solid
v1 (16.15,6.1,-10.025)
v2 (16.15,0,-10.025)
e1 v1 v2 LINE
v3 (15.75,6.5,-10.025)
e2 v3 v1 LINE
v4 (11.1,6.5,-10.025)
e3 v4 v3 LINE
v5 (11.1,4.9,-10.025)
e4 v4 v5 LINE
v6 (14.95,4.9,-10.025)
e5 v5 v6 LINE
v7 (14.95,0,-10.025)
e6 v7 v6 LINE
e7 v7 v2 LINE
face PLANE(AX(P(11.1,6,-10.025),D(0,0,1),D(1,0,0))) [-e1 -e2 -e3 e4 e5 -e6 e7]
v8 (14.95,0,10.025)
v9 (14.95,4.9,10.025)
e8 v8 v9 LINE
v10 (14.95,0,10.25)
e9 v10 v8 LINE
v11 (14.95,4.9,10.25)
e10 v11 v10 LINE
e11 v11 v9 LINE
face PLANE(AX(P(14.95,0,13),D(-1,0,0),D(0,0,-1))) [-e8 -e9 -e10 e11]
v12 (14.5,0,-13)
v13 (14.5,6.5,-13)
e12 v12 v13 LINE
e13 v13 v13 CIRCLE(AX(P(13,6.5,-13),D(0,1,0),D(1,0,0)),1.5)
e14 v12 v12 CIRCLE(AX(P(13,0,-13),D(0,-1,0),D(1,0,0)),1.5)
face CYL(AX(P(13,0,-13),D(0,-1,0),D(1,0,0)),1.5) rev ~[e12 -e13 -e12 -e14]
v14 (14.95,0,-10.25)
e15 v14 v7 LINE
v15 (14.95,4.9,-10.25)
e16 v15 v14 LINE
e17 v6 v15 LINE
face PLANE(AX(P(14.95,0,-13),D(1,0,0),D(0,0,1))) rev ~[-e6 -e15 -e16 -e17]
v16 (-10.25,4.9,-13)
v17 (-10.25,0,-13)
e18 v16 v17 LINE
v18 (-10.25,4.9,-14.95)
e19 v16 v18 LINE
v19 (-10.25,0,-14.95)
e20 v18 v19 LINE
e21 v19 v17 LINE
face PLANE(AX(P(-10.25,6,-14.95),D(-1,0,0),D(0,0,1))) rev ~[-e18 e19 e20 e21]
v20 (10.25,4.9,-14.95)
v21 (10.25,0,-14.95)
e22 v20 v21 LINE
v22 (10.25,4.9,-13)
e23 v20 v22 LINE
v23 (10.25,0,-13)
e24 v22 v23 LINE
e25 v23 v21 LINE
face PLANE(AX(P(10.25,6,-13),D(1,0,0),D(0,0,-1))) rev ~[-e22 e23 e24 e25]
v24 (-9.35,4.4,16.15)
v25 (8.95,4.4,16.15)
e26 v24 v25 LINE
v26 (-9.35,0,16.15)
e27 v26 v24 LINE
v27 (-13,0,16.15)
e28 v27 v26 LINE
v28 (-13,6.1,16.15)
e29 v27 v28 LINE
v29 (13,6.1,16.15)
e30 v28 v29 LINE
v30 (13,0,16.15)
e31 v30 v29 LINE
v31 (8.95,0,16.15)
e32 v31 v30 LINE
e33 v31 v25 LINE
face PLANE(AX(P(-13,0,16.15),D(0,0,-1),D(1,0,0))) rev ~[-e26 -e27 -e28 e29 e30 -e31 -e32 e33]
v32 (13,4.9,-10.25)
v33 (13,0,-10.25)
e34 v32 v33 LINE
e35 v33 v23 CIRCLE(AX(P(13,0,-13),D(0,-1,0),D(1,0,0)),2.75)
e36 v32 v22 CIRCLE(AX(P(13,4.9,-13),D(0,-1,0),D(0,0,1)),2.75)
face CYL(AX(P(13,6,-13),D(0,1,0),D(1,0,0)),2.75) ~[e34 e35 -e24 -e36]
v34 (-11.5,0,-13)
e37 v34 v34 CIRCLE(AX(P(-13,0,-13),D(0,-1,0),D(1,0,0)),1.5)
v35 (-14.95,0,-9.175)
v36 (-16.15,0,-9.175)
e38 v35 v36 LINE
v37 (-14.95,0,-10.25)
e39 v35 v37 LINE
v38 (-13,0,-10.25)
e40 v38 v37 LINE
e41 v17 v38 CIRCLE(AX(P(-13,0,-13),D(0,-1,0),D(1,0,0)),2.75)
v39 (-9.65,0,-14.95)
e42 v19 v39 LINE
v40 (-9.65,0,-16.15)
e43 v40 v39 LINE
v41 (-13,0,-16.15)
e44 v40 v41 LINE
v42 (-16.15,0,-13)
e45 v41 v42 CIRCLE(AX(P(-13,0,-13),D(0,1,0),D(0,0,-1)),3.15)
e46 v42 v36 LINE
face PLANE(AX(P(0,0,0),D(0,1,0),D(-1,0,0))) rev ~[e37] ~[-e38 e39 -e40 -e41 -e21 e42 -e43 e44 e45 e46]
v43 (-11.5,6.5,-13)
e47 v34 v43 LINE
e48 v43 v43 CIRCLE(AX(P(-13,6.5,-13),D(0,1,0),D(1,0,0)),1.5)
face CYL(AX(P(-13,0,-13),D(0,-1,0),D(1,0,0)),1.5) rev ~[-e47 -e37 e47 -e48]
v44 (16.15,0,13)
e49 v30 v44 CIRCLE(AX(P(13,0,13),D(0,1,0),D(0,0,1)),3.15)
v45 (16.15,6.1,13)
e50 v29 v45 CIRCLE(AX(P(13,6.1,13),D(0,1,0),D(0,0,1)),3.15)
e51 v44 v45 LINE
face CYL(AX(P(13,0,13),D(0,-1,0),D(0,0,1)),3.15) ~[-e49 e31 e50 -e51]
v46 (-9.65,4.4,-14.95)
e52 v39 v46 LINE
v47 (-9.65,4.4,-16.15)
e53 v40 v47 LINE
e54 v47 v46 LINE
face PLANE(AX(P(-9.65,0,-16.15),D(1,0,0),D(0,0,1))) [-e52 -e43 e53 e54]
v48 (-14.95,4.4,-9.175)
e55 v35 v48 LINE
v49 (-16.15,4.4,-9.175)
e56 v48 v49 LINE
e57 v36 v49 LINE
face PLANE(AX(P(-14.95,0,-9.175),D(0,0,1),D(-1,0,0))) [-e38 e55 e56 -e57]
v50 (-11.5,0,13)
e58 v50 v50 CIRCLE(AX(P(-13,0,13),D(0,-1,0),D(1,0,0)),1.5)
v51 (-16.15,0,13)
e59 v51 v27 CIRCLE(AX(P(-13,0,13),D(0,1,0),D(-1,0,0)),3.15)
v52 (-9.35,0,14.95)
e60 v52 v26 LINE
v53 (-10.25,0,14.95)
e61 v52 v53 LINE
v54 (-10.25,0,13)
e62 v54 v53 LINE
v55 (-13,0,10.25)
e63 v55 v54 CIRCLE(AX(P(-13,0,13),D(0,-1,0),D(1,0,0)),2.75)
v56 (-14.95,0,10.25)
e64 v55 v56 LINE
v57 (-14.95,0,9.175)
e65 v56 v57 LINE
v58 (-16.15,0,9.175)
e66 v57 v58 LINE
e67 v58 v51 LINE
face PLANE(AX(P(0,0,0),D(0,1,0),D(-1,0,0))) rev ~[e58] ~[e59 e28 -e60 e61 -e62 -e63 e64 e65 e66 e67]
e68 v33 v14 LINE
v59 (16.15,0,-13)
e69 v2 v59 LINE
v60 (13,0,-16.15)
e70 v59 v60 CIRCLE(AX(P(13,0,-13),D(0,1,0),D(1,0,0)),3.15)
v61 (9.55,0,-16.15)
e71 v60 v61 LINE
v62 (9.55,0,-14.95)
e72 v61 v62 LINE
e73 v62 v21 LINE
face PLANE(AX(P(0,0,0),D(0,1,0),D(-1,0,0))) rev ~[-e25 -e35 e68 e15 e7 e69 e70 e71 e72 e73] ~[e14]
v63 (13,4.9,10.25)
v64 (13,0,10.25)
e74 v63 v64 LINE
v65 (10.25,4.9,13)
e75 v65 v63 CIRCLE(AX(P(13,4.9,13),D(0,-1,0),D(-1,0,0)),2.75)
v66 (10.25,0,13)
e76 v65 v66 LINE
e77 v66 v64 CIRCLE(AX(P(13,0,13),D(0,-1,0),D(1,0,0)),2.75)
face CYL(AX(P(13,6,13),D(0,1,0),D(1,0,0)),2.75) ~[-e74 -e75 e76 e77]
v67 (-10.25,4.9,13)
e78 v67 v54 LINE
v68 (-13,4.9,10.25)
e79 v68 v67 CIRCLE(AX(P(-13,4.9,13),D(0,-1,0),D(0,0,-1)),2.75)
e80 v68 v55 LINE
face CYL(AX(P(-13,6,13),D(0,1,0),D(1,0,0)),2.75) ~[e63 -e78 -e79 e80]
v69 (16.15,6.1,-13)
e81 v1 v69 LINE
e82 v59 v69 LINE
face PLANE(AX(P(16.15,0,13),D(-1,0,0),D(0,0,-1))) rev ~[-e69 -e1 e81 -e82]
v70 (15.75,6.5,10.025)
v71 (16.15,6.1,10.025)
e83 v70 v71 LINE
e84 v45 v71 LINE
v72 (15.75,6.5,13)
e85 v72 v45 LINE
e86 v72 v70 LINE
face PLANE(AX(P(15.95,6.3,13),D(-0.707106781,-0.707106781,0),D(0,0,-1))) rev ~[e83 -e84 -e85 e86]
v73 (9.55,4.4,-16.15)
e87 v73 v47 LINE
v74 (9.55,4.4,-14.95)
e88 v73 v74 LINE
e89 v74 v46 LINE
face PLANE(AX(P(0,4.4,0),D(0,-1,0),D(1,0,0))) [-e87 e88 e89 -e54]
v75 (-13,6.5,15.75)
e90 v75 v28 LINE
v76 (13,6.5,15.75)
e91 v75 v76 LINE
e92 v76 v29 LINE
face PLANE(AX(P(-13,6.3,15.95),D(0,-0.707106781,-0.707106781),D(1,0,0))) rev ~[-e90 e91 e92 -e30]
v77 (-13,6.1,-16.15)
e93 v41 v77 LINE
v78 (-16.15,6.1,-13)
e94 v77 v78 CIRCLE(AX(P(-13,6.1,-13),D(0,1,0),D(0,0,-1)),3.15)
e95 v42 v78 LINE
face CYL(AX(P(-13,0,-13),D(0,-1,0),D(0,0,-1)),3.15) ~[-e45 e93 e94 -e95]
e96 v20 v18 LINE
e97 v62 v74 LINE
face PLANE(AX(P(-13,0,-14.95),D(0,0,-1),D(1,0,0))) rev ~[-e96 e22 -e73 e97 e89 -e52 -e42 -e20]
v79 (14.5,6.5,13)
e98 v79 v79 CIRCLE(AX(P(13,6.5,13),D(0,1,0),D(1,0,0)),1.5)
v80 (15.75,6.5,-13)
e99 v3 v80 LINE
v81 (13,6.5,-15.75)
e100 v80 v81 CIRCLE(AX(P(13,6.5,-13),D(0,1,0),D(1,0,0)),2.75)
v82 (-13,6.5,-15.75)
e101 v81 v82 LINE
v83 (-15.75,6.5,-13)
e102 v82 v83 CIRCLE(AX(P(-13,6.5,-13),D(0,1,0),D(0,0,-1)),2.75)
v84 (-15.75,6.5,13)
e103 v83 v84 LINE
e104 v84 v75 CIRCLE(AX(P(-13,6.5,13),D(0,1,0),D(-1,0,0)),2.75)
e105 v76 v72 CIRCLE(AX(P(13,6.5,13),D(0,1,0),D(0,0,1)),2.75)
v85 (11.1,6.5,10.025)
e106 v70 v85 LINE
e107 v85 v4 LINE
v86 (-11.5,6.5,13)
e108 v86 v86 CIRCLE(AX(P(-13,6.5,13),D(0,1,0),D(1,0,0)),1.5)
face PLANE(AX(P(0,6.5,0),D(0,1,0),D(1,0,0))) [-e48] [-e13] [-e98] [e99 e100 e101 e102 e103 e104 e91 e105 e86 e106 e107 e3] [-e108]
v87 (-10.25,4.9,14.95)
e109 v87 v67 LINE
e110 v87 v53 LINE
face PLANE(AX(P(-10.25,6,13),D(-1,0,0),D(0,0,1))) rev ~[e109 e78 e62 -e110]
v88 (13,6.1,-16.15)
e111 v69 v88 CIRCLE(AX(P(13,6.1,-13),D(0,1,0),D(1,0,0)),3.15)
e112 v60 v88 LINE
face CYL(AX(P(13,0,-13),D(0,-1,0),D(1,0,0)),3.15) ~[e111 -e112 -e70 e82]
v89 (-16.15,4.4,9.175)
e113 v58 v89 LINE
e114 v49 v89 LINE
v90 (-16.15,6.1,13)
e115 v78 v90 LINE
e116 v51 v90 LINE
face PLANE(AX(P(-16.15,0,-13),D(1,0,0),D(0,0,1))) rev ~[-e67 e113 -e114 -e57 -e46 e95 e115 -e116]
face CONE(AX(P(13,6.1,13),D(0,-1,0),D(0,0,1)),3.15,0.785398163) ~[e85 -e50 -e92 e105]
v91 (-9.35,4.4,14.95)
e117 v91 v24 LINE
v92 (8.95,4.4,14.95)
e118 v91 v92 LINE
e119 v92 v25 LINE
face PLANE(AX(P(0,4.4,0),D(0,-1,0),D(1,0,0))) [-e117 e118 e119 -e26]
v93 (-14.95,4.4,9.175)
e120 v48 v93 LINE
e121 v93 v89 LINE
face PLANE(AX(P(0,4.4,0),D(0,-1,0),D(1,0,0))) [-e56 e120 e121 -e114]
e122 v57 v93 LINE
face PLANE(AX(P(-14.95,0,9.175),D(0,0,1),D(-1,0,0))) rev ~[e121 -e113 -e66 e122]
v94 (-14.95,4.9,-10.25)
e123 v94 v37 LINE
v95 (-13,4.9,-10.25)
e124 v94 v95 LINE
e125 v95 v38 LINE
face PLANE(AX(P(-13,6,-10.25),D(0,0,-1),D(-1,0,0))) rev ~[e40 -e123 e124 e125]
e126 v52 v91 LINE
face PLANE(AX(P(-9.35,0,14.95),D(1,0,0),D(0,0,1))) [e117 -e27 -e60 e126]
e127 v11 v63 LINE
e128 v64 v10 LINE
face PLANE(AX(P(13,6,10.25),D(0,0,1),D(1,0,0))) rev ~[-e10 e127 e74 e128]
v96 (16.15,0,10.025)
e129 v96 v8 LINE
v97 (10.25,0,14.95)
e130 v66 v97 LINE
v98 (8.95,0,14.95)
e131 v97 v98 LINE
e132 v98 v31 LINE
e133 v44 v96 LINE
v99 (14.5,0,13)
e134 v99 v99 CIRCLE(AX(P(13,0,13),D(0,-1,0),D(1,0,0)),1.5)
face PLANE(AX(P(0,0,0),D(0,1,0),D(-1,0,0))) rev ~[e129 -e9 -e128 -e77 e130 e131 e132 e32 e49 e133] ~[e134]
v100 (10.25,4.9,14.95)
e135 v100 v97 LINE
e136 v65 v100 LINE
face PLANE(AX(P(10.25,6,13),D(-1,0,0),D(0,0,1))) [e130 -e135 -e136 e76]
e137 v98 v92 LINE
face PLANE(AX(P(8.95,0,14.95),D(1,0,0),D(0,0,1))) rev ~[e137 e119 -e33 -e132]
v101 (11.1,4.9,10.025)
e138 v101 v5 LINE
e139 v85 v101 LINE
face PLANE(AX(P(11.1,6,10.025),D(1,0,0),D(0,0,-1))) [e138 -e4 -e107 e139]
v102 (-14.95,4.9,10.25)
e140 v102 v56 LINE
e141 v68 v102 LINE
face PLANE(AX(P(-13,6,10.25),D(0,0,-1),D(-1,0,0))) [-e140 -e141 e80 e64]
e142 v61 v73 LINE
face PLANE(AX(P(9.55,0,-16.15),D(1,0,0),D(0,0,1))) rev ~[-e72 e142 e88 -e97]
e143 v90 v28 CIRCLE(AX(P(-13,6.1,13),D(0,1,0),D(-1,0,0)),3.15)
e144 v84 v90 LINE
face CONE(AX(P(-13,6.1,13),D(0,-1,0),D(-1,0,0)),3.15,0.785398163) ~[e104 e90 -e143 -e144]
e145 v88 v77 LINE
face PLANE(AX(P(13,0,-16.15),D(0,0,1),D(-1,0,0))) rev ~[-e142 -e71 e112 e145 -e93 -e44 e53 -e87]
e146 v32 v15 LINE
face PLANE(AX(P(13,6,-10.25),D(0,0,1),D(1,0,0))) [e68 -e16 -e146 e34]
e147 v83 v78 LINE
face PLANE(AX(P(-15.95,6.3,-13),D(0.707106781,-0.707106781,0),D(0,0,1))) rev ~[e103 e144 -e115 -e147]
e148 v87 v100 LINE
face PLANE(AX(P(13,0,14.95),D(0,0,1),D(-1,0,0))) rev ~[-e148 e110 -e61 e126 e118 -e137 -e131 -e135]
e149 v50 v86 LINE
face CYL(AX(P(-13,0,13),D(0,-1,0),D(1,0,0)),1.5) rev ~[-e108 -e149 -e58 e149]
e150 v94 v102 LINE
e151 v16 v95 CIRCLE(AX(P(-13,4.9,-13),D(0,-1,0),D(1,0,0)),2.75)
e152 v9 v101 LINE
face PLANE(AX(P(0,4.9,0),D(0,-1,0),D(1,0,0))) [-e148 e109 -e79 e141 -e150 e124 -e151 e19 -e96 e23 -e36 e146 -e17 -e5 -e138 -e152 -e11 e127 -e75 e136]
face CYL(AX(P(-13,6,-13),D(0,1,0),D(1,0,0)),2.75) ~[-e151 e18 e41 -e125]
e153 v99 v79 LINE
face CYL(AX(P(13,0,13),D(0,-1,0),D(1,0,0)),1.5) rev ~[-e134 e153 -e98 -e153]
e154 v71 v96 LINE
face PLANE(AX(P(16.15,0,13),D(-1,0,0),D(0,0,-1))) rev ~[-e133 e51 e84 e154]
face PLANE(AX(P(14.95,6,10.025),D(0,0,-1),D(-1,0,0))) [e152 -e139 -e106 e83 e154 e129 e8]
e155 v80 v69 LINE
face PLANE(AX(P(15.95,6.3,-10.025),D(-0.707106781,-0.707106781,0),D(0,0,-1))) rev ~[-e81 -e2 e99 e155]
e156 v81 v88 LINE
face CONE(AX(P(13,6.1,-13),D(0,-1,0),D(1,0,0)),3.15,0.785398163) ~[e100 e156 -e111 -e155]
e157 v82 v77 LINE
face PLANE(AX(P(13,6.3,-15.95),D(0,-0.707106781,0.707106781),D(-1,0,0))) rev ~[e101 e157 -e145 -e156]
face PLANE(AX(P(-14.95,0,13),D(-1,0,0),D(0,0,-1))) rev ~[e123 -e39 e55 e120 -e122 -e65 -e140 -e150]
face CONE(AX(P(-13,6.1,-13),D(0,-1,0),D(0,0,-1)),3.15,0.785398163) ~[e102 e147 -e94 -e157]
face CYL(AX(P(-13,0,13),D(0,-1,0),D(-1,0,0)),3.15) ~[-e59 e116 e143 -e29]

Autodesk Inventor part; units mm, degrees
ref_plane "YZ Plane" through (0, 0, 0) normal (1, 0, 0) x (0, 1, 0)
ref_plane "XZ Plane" through (0, 0, 0) normal (0, 1, 0) x (-1, 0, 0)
ref_plane "XY Plane" through (0, 0, 0) normal (0, 0, 1) x (1, 0, 0)
sketch "Sketch1" plane through (0, 0, 0) normal (0, 1, 0) x (-1, 0, 0)
  line L0 (16.15, 16.15) -> (-16.15, 16.15)
  line L1 (-16.15, 16.15) -> (-16.15, -16.15)
  line L2 (-16.15, -16.15) -> (16.15, -16.15)
  line L3 (16.15, -16.15) -> (16.15, 16.15)
  line L4 (16.15, 16.15) -> (-16.15, -16.15) construction
  line L5 (-16.15, 16.15) -> (16.15, -16.15) construction
  arc A0 (16.15, 13) -> (13, 16.15) centre (13, 13) ccw
  arc A1 (-13, 16.15) -> (-16.15, 13) centre (-13, 13) ccw
  arc A2 (-16.15, -13) -> (-13, -16.15) centre (-13, -13) ccw
  arc A3 (13, -16.15) -> (16.15, -13) centre (13, -13) ccw
  point P0 (0, 0)
  point P1 (13, -16.15)
  point P2 (16.15, -13)
  point P3 (-13, 16.15)
  point P4 (-16.15, 13)
  point P5 (-16.15, -13)
  point P6 (-13, -16.15)
  dimension "d0" = 32.3
  dimension "d1" = 3.15
  dimension "d4" = 360
extrude "Extrusion1" add sketch "Sketch1" along normal blind 7 contours A0 L3 A3 L2 A2 L1 A1 L0
sketch "Sketch2" plane through (0, 7, 0) normal (0, 1, 0) x (1, 0, 0)
  line L0 (-16.15, 13) -> (-16.15, -13) projected
  arc A0 (-16.15, -13) -> (-13, -16.15) centre (-13, -13) ccw projected
  line L1 (-13, -16.15) -> (13, -16.15) projected
  arc A1 (13, -16.15) -> (16.15, -13) centre (13, -13) ccw projected
  line L2 (16.15, -13) -> (16.15, 13) projected
  arc A2 (16.15, 13) -> (13, 16.15) centre (13, 13) ccw projected
  line L3 (13, 16.15) -> (-13, 16.15) projected
  arc A3 (-13, 16.15) -> (-16.15, 13) centre (-13, 13) ccw projected
  line L4 (16.15, -10.025) -> (11.1, -10.025)
  line L5 (11.1, -10.025) -> (11.1, 10.025)
  line L6 (11.1, 10.025) -> (16.15, 10.025)
  line L7 (16.15, 0) -> (11.5552, 0) construction
  point P0 (0, 0)
  point P1 (13.625, -10.025)
  point P2 (11.1, 0)
  dimension "d8" = 5.05
  dimension "d10" = 20.05
extrude "Extrusion2" cut sketch "Sketch2" against normal through all contours L2 L4 L5 L6
sketch "Sketch4" plane through (0, 0, 0) normal (0, -1, 0) x (1, 0, 0)
  line L0 (16.15, -10.025) -> (16.15, -13) projected
  arc A0 (13, -16.15) -> (16.15, -13) centre (13, -13) ccw projected
  line L1 (13, -16.15) -> (-13, -16.15) projected
  line L2 (16.15, 13) -> (16.15, 10.025) projected
  arc A1 (16.15, 13) -> (13, 16.15) centre (13, 13) ccw projected
  line L3 (-13, 16.15) -> (13, 16.15) projected
  arc A2 (-13, 16.15) -> (-16.15, 13) centre (-13, 13) ccw projected
  line L4 (-16.15, -13) -> (-16.15, 13) projected
  arc A3 (-16.15, -13) -> (-13, -16.15) centre (-13, -13) ccw projected
  line L5 (16.15, 13) -> (16.15, 10.025) projected
  arc A4 (14.95, 13) -> (13, 14.95) centre (13, 13) ccw
  line L6 (13, 14.95) -> (-13, 14.95)
  arc A5 (-13, 14.95) -> (-14.95, 13) centre (-13, 13) ccw
  line L7 (-14.95, 13) -> (-14.95, -13)
  arc A6 (-14.95, -13) -> (-13, -14.95) centre (-13, -13) ccw
  line L8 (-13, -14.95) -> (13, -14.95)
  arc A7 (13, -14.95) -> (14.95, -13) centre (13, -13) ccw
  line L9 (14.95, -13) -> (14.95, -10.025)
  line L10 (14.95, 13) -> (14.95, -10.025)
  point P0 (0, 0)
  dimension "d13" = 1.2
extrude "Extrusion3" cut sketch "Sketch4" against normal blind 6
sketch "Sketch5" plane through (0, 0, 0) normal (0, -1, 0) x (1, 0, 0)
  line L0 (14.95, 13) -> (14.95, 10.025) projected
  line L1 (14.95, 10.025) -> (16.15, 10.025) projected
  line L2 (16.15, 13) -> (16.15, 10.025) projected
  arc A0 (16.15, 13) -> (13, 16.15) centre (13, 13) ccw projected
  line L3 (-13, 16.15) -> (13, 16.15) projected
  arc A1 (-13, 16.15) -> (-16.15, 13) centre (-13, 13) ccw projected
  line L4 (-16.15, -13) -> (-16.15, 13) projected
  arc A2 (-16.15, -13) -> (-13, -16.15) centre (-13, -13) ccw projected
  line L5 (13, -16.15) -> (-13, -16.15) projected
  arc A3 (13, -16.15) -> (16.15, -13) centre (13, -13) ccw projected
  line L6 (16.15, -10.025) -> (16.15, -13) projected
  line L7 (16.15, -10.025) -> (14.95, -10.025) projected
  line L8 (14.95, -10.025) -> (14.95, -13) projected
  arc A4 (13, -14.95) -> (14.95, -13) centre (13, -13) ccw projected
  line L9 (13, -14.95) -> (-13, -14.95) projected
  arc A5 (-14.95, -13) -> (-13, -14.95) centre (-13, -13) ccw projected
  line L10 (-14.95, -13) -> (-14.95, 13) projected
  arc A6 (-13, 14.95) -> (-14.95, 13) centre (-13, 13) ccw projected
  line L11 (-13, 14.95) -> (13, 14.95) projected
  arc A7 (14.95, 13) -> (13, 14.95) centre (13, 13) ccw projected
  line L12 (-9.65, -16.15) -> (-9.65, -14.95)
  line L13 (9.55, -16.15) -> (9.55, -14.95)
  line L14 (-9.35, 14.95) -> (-9.35, 16.15)
  line L15 (8.95, 14.95) -> (8.95, 16.15)
  line L16 (-14.95, -9.175) -> (-16.15, -9.175)
  line L17 (-14.95, 0) -> (-14.0185, 0) construction
  line L18 (-14.95, 9.175) -> (-16.15, 9.175)
  point P0 (0, 0)
  dimension "d16" = 6.5
  dimension "d17" = 19.2
  dimension "d18" = 6.8
  dimension "d19" = 18.3
  dimension "d20" = 18.35
extrude "Extrusion4" cut sketch "Sketch5" against normal blind 4.4 contours L11 L14 L3 L15 | L10 L16 L4 L18 | L9 L13 L5 L12
sketch "Sketch6" plane through (0, 6, 0) normal (0, -1, 0) x (1, 0, 0)
  line L0 (8.95, 16.15) -> (8.95, 14.95) projected
  line L1 (-9.35, 14.95) -> (-9.35, 16.15) projected
  line L2 (-16.15, 9.175) -> (-14.95, 9.175) projected
  line L3 (-16.15, -13) -> (-16.15, 13) projected
  line L4 (13, -16.15) -> (-13, -16.15) projected
  line L5 (-16.15, 0) -> (-5.5986, 0) construction
  line L6 (0, -16.15) -> (0, -5.693) construction
  circle A0 centre (13, 13) radius 2.75
  circle A1 centre (13, -13) radius 2.75
  circle A2 centre (-13, 13) radius 2.75
  circle A3 centre (-13, -13) radius 2.75
  line L7 (11.1, -10.025) -> (16.15, -10.025) projected
  line L8 (16.15, -10.025) -> (16.15, -13) projected
  arc A4 (13, -16.15) -> (16.15, -13) centre (13, -13) ccw projected
  line L9 (13, -16.15) -> (-13, -16.15) projected
  arc A5 (-16.15, -13) -> (-13, -16.15) centre (-13, -13) ccw projected
  line L10 (-16.15, -13) -> (-16.15, 13) projected
  arc A6 (-13, 16.15) -> (-16.15, 13) centre (-13, 13) ccw projected
  line L11 (-13, 16.15) -> (13, 16.15) projected
  arc A7 (16.15, 13) -> (13, 16.15) centre (13, 13) ccw projected
  line L12 (16.15, 13) -> (16.15, 10.025) projected
  line L13 (16.15, 10.025) -> (11.1, 10.025) projected
  line L14 (11.1, 10.025) -> (11.1, -10.025) projected
  line L15 (-10.25, -16.15) -> (-10.25, -13)
  line L16 (-13, -10.25) -> (-16.15, -10.25)
  line L17 (13, -10.25) -> (16.15, -10.25)
  line L18 (10.25, -13) -> (10.25, -16.15)
  line L19 (13, 10.25) -> (16.15, 10.25)
  line L20 (10.25, 13) -> (10.25, 16.15)
  line L21 (-10.25, 13) -> (-10.25, 16.15)
  line L22 (-13, 10.25) -> (-16.15, 10.25)
  line L23 (14.95, 10.025) -> (11.1, 10.025) projected
  line L24 (14.95, 13) -> (14.95, 10.025) projected
  arc A8 (14.95, 13) -> (13, 14.95) centre (13, 13) ccw projected
  line L25 (-13, 14.95) -> (13, 14.95) projected
  arc A9 (-13, 14.95) -> (-14.95, 13) centre (-13, 13) ccw projected
  line L26 (-14.95, -13) -> (-14.95, 13) projected
  arc A10 (-14.95, -13) -> (-13, -14.95) centre (-13, -13) ccw projected
  line L27 (13, -14.95) -> (-13, -14.95) projected
  arc A11 (13, -14.95) -> (14.95, -13) centre (13, -13) ccw projected
  line L28 (14.95, -10.025) -> (14.95, -13) projected
  line L29 (11.1, -10.025) -> (14.95, -10.025) projected
  line L30 (11.1, 10.025) -> (11.1, -10.025) projected
  point P0 (0, 0)
  point P1 (14.95, -10.25)
  point P2 (10.25, -14.95)
  point P3 (-14.95, -10.25)
  point P4 (-10.25, -14.95)
  point P5 (-10.25, 14.95)
  point P6 (-14.95, 10.25)
  point P7 (10.25, 14.95)
  point P8 (14.95, 10.25)
  dimension "d48" = 5.5
  dimension "d49" = 26
  dimension "d50" = 26
extrude "Extrusion5" add sketch "Sketch6" along normal up to surface (6 mm away) contours L25 A0 L20 | L21 A2 L25 | A0 L25 A8 L24 | A2 L26 A9 L25 | A0 L24 L19 | L22 L26 A2 | L16 A3 L26 | A3 L27 A10 L26 | L15 L27 A3 | L28 A1 L17 | A1 L28 A11 L27 | L18 A1 L27 picked at (13.0785, 12.9333) picked at (-13.0785, 12.9333) picked at (-12.9333, -13.0785) picked at (12.9333, -13.0785)
sketch "Sketch7" plane through (0, 0, 0) normal (0, -1, 0) x (1, 0, 0)
  circle A0 centre (13, 13) radius 1.5
  line L0 (-16.15, -13) -> (-16.15, 13) projected
  line L1 (13, -16.15) -> (-13, -16.15) projected
  line L2 (0, -16.15) -> (0, -7.7699) construction
  line L3 (-16.15, 0) -> (-9.6467, 0) construction
  circle A1 centre (13, -13) radius 1.5
  circle A2 centre (-13, 13) radius 1.5
  circle A3 centre (-13, -13) radius 1.5
  point P0 (0, 0)
  dimension "d31" = 3
  dimension "d41" = 26
  dimension "d42" = 26
extrude "Extrusion6" cut sketch "Sketch7" against normal through all
sketch "Sketch9" plane through (0, 6, 0) normal (0, -1, 0) x (1, 0, 0)
  line L0 (11.1, -10.025) -> (14.95, -10.025) projected
  line L1 (11.1, 10.025) -> (11.1, -10.025) projected
  line L2 (14.95, 10.025) -> (11.1, 10.025) projected
  line L3 (-10.25, 14.95) -> (10.25, 14.95) projected
  line L4 (-14.95, -10.25) -> (-14.95, 10.25) projected
  line L5 (10.25, -14.95) -> (-10.25, -14.95) projected
  line L6 (14.95, 10.25) -> (14.95, 10.025) projected
  line L7 (14.95, -10.025) -> (14.95, -10.25) projected
  line L8 (-10.25, -13) -> (-10.25, -14.95) projected
  line L9 (10.25, -14.95) -> (10.25, -13) projected
  arc A0 (13, -10.25) -> (10.25, -13) centre (13, -13) ccw projected
  line L10 (13, -10.25) -> (14.95, -10.25) projected
  line L11 (14.95, 10.25) -> (13, 10.25) projected
  arc A1 (10.25, 13) -> (13, 10.25) centre (13, 13) ccw projected
  line L12 (10.25, 13) -> (10.25, 14.95) projected
  line L13 (-10.25, 14.95) -> (-10.25, 13) projected
  arc A2 (-13, 10.25) -> (-10.25, 13) centre (-13, 13) ccw projected
  line L14 (-13, 10.25) -> (-14.95, 10.25) projected
  line L15 (-14.95, -10.25) -> (-13, -10.25) projected
  arc A3 (-10.25, -13) -> (-13, -10.25) centre (-13, -13) ccw projected
  point P0 (0, 0)
extrude "Extrusion8" add sketch "Sketch9" along normal blind 1.1
sketch "Sketch10" plane through (0, 7, 0) normal (0, 1, 0) x (1, 0, 0)
  circle A0 centre (-13, 13) radius 1.5 projected
  circle A1 centre (13, 13) radius 1.5 projected
  circle A2 centre (13, -13) radius 1.5 projected
  circle A3 centre (-13, -13) radius 1.5 projected
  line L0 (11.1, 10.025) -> (16.15, 10.025) projected
  line L1 (16.15, 10.025) -> (16.15, 13) projected
  arc A4 (16.15, 13) -> (13, 16.15) centre (13, 13) ccw projected
  line L2 (13, 16.15) -> (-13, 16.15) projected
  arc A5 (-13, 16.15) -> (-16.15, 13) centre (-13, 13) ccw projected
  line L3 (-16.15, 13) -> (-16.15, -13) projected
  arc A6 (-16.15, -13) -> (-13, -16.15) centre (-13, -13) ccw projected
  line L4 (-13, -16.15) -> (13, -16.15) projected
  arc A7 (13, -16.15) -> (16.15, -13) centre (13, -13) ccw projected
  line L5 (16.15, -13) -> (16.15, -10.025) projected
  line L6 (16.15, -10.025) -> (11.1, -10.025) projected
  line L7 (11.1, -10.025) -> (11.1, 10.025) projected
  point P0 (0, 0)
extrude "Extrusion9" cut sketch "Sketch10" against normal blind 0.5
sketch "Sketch11" plane through (0, 0, 0) normal (0, -1, 0) x (1, 0, 0)
  point P0 (0, 0)
chamfer "Chamfer2" distance 0.4 angle 45 9 edges at (0, 6.5, -16.15) (15.2274, 6.5, -15.2274) (16.15, 6.5, -11.5125) (-15.2274, 6.5, -15.2274) (-16.15, 6.5, 0) (-15.2274, 6.5, 15.2274) (0, 6.5, 16.15) (15.2274, 6.5, 15.2274) (16.15, 6.5, 11.5125)
properties part number "oDrive_micro_cover_3DPrint"
